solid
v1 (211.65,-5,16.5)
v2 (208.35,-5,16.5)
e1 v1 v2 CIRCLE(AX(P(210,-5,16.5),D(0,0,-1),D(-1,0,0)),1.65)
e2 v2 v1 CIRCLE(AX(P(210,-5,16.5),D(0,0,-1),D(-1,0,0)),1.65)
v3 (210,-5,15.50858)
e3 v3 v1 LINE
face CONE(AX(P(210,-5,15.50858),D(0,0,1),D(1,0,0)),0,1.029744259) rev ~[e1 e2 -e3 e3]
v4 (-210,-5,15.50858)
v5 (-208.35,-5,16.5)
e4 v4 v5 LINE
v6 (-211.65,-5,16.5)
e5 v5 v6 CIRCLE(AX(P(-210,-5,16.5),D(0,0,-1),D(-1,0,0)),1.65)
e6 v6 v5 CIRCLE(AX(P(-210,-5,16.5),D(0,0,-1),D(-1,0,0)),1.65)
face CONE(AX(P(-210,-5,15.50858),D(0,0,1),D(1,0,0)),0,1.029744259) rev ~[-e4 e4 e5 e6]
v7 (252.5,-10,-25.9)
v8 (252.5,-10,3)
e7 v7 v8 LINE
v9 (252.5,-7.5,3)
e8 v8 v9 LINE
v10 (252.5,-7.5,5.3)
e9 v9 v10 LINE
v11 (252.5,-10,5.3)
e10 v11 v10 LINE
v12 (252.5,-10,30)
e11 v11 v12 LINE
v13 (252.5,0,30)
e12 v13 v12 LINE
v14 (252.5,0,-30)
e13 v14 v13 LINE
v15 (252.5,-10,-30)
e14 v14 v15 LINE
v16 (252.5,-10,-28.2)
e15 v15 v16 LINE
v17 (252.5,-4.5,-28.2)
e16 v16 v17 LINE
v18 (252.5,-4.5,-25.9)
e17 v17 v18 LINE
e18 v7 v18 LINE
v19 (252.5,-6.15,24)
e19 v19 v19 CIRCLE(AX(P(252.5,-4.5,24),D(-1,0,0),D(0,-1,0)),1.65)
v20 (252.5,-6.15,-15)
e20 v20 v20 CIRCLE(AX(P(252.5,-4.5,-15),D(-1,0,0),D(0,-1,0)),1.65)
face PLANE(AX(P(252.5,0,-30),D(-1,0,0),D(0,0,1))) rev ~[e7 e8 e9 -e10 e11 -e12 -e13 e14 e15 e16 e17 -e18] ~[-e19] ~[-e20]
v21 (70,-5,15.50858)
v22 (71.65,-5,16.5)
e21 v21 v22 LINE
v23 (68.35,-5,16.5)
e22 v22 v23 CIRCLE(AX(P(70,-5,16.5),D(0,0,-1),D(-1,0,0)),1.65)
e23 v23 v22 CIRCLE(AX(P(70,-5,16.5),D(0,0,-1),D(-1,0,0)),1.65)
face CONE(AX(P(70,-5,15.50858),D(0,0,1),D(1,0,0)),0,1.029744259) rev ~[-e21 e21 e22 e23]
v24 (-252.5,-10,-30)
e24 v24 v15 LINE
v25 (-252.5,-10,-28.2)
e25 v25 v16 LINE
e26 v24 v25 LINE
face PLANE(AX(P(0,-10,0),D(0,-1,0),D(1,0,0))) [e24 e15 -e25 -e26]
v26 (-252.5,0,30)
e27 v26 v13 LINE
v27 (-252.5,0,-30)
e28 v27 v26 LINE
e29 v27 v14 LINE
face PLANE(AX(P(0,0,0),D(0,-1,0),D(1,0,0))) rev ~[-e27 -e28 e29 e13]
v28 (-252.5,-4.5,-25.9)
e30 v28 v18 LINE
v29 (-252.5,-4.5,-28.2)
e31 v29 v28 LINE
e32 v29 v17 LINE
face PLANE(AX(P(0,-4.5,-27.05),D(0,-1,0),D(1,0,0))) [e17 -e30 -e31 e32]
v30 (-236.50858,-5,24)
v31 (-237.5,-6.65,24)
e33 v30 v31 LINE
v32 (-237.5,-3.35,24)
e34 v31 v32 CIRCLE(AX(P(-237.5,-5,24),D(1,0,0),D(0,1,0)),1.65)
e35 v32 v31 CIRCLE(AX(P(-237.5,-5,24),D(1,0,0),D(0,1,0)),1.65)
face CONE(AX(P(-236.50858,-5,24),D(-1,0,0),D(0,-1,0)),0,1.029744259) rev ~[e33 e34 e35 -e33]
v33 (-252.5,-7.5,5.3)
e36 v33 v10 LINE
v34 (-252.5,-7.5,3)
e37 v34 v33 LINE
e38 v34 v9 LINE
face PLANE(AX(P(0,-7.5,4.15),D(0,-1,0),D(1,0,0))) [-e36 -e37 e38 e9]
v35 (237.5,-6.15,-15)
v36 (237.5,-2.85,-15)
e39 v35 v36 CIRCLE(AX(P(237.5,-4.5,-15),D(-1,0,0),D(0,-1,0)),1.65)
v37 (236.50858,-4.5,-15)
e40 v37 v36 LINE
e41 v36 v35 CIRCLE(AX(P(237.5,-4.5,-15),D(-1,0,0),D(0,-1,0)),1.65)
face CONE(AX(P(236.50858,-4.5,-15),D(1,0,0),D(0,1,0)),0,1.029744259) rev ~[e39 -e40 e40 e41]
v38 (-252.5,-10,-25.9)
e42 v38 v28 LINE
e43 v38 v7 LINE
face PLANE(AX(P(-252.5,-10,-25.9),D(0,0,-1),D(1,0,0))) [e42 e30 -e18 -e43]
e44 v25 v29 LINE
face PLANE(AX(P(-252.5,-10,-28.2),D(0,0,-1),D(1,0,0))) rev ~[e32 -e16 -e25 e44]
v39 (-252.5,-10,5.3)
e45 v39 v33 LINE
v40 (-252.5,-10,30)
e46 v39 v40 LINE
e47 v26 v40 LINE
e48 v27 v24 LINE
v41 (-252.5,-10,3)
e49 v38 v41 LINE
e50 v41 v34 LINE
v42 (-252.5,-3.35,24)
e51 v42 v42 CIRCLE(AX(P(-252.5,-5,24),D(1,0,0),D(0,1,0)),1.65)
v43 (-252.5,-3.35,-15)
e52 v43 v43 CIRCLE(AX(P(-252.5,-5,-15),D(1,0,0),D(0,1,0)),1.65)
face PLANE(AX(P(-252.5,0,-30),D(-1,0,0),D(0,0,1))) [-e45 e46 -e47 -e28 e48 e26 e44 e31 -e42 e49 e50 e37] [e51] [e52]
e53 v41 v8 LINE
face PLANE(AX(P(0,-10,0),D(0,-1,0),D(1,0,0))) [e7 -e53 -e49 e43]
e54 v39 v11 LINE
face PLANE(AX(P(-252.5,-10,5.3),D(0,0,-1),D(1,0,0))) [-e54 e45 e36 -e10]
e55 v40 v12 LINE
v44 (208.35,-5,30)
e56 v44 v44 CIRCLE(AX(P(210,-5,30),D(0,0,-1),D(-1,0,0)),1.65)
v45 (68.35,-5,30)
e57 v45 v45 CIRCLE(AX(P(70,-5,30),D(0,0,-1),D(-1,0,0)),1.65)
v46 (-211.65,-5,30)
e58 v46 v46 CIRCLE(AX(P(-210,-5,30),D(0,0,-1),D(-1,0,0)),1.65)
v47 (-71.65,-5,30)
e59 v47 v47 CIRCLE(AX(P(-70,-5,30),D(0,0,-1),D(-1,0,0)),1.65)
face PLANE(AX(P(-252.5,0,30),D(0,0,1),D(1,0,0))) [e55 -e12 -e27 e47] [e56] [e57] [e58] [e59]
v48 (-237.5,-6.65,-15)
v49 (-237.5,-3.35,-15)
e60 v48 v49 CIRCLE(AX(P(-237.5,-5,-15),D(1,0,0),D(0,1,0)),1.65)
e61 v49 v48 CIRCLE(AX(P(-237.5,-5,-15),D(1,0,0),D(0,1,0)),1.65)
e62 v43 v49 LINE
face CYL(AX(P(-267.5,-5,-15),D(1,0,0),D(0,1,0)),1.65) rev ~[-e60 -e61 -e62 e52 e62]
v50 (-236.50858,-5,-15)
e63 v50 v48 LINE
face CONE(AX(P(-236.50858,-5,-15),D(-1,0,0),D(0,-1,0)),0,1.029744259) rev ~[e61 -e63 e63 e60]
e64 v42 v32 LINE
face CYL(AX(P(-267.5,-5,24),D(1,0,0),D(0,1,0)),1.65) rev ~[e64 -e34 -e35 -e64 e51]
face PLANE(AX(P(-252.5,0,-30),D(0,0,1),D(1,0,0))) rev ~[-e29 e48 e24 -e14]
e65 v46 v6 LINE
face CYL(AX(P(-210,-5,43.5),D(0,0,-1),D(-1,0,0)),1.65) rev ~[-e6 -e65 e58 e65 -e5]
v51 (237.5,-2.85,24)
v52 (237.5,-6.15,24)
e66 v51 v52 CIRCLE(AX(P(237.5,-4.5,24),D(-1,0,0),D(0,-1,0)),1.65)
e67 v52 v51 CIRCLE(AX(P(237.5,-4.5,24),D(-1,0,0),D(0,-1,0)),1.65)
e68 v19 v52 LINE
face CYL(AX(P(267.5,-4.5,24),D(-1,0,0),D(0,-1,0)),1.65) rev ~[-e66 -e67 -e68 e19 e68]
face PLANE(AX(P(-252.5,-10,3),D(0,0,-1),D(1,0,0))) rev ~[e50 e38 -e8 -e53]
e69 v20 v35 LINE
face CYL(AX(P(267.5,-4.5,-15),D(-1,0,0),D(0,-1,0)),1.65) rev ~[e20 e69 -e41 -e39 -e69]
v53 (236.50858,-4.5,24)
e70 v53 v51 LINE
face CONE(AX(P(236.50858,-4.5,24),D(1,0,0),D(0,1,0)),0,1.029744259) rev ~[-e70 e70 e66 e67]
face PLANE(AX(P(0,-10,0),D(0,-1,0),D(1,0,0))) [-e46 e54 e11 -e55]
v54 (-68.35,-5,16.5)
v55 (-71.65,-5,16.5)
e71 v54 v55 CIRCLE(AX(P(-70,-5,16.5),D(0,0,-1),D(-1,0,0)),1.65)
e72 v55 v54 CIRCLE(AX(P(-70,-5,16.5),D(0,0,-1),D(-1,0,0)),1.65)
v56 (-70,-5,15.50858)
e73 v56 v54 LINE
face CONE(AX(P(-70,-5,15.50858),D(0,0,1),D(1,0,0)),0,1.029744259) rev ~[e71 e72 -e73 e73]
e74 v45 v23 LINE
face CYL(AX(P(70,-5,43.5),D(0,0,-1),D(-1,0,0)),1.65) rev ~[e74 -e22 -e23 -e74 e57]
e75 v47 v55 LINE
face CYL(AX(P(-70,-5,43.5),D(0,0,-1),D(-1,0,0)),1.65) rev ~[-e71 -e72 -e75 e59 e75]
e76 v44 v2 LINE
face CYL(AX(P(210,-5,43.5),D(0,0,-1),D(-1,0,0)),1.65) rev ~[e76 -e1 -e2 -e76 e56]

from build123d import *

# Parameters (mm, degrees)
F0_W      = 505
F0_H      = 60
F1_DEPTH  = 10
F2_W      = 505
F2_H      = 2.3
F3_DEPTH  = 5.5
F4_W      = 505
F4_H      = 2.3
F5_DEPTH  = 2.5
F7_D      = 3.3
F7_DEPTH  = 13.5
F7_TIP    = 0.9914200214
F9_D      = 3.3
F9_DEPTH  = 15
F9_TIP    = 0.9914200214
F11_D     = 3.3
F11_DEPTH = 15
F11_TIP   = 0.9914200214


with BuildPart() as f1:
    # F0 (on Front) → F1 (new body)
    with BuildSketch(Plane.XZ):
        Rectangle(F0_W, F0_H)
    extrude(amount=F1_DEPTH)

    # F2 (on face) → F3 (cut)
    with BuildSketch(Plane.XZ.offset(10)):
        with Locations((0, -27.05)):
            Rectangle(F2_W, F2_H)
    extrude(amount=-F3_DEPTH, mode=Mode.SUBTRACT)

    # F4 (on face) → F5 (cut)
    with BuildSketch(Plane.XZ.offset(10)):
        with Locations((0, 4.15)):
            Rectangle(F4_W, F4_H)
    extrude(amount=-F5_DEPTH, mode=Mode.SUBTRACT)

    # F7
    with Locations(Plane.XY.offset(30)):
        with Locations((-210, -5), (-70, -5), (70, -5), (210, -5)):
            Hole(F7_D / 2, depth=F7_DEPTH)
            with Locations((0, 0, -(F7_DEPTH + F7_TIP / 2))):  # 118° drill point
                Cone(0, F7_D / 2, F7_TIP, mode=Mode.SUBTRACT)

    # F9
    with Locations(Plane(origin=(-252.5, 0, 0), x_dir=(0, -1, 0), z_dir=(-1, 0, 0))):
        with Locations((5, 24), (5, -15)):
            Hole(F9_D / 2, depth=F9_DEPTH)
            with Locations((0, 0, -(F9_DEPTH + F9_TIP / 2))):  # 118° drill point
                Cone(0, F9_D / 2, F9_TIP, mode=Mode.SUBTRACT)

    # F11
    with Locations(Plane.YZ.offset(252.5)):
        with Locations((-4.5, -15), (-4.5, 24)):
            Hole(F11_D / 2, depth=F11_DEPTH)
            with Locations((0, 0, -(F11_DEPTH + F11_TIP / 2))):  # 118° drill point
                Cone(0, F11_D / 2, F11_TIP, mode=Mode.SUBTRACT)


solid = f1.part
